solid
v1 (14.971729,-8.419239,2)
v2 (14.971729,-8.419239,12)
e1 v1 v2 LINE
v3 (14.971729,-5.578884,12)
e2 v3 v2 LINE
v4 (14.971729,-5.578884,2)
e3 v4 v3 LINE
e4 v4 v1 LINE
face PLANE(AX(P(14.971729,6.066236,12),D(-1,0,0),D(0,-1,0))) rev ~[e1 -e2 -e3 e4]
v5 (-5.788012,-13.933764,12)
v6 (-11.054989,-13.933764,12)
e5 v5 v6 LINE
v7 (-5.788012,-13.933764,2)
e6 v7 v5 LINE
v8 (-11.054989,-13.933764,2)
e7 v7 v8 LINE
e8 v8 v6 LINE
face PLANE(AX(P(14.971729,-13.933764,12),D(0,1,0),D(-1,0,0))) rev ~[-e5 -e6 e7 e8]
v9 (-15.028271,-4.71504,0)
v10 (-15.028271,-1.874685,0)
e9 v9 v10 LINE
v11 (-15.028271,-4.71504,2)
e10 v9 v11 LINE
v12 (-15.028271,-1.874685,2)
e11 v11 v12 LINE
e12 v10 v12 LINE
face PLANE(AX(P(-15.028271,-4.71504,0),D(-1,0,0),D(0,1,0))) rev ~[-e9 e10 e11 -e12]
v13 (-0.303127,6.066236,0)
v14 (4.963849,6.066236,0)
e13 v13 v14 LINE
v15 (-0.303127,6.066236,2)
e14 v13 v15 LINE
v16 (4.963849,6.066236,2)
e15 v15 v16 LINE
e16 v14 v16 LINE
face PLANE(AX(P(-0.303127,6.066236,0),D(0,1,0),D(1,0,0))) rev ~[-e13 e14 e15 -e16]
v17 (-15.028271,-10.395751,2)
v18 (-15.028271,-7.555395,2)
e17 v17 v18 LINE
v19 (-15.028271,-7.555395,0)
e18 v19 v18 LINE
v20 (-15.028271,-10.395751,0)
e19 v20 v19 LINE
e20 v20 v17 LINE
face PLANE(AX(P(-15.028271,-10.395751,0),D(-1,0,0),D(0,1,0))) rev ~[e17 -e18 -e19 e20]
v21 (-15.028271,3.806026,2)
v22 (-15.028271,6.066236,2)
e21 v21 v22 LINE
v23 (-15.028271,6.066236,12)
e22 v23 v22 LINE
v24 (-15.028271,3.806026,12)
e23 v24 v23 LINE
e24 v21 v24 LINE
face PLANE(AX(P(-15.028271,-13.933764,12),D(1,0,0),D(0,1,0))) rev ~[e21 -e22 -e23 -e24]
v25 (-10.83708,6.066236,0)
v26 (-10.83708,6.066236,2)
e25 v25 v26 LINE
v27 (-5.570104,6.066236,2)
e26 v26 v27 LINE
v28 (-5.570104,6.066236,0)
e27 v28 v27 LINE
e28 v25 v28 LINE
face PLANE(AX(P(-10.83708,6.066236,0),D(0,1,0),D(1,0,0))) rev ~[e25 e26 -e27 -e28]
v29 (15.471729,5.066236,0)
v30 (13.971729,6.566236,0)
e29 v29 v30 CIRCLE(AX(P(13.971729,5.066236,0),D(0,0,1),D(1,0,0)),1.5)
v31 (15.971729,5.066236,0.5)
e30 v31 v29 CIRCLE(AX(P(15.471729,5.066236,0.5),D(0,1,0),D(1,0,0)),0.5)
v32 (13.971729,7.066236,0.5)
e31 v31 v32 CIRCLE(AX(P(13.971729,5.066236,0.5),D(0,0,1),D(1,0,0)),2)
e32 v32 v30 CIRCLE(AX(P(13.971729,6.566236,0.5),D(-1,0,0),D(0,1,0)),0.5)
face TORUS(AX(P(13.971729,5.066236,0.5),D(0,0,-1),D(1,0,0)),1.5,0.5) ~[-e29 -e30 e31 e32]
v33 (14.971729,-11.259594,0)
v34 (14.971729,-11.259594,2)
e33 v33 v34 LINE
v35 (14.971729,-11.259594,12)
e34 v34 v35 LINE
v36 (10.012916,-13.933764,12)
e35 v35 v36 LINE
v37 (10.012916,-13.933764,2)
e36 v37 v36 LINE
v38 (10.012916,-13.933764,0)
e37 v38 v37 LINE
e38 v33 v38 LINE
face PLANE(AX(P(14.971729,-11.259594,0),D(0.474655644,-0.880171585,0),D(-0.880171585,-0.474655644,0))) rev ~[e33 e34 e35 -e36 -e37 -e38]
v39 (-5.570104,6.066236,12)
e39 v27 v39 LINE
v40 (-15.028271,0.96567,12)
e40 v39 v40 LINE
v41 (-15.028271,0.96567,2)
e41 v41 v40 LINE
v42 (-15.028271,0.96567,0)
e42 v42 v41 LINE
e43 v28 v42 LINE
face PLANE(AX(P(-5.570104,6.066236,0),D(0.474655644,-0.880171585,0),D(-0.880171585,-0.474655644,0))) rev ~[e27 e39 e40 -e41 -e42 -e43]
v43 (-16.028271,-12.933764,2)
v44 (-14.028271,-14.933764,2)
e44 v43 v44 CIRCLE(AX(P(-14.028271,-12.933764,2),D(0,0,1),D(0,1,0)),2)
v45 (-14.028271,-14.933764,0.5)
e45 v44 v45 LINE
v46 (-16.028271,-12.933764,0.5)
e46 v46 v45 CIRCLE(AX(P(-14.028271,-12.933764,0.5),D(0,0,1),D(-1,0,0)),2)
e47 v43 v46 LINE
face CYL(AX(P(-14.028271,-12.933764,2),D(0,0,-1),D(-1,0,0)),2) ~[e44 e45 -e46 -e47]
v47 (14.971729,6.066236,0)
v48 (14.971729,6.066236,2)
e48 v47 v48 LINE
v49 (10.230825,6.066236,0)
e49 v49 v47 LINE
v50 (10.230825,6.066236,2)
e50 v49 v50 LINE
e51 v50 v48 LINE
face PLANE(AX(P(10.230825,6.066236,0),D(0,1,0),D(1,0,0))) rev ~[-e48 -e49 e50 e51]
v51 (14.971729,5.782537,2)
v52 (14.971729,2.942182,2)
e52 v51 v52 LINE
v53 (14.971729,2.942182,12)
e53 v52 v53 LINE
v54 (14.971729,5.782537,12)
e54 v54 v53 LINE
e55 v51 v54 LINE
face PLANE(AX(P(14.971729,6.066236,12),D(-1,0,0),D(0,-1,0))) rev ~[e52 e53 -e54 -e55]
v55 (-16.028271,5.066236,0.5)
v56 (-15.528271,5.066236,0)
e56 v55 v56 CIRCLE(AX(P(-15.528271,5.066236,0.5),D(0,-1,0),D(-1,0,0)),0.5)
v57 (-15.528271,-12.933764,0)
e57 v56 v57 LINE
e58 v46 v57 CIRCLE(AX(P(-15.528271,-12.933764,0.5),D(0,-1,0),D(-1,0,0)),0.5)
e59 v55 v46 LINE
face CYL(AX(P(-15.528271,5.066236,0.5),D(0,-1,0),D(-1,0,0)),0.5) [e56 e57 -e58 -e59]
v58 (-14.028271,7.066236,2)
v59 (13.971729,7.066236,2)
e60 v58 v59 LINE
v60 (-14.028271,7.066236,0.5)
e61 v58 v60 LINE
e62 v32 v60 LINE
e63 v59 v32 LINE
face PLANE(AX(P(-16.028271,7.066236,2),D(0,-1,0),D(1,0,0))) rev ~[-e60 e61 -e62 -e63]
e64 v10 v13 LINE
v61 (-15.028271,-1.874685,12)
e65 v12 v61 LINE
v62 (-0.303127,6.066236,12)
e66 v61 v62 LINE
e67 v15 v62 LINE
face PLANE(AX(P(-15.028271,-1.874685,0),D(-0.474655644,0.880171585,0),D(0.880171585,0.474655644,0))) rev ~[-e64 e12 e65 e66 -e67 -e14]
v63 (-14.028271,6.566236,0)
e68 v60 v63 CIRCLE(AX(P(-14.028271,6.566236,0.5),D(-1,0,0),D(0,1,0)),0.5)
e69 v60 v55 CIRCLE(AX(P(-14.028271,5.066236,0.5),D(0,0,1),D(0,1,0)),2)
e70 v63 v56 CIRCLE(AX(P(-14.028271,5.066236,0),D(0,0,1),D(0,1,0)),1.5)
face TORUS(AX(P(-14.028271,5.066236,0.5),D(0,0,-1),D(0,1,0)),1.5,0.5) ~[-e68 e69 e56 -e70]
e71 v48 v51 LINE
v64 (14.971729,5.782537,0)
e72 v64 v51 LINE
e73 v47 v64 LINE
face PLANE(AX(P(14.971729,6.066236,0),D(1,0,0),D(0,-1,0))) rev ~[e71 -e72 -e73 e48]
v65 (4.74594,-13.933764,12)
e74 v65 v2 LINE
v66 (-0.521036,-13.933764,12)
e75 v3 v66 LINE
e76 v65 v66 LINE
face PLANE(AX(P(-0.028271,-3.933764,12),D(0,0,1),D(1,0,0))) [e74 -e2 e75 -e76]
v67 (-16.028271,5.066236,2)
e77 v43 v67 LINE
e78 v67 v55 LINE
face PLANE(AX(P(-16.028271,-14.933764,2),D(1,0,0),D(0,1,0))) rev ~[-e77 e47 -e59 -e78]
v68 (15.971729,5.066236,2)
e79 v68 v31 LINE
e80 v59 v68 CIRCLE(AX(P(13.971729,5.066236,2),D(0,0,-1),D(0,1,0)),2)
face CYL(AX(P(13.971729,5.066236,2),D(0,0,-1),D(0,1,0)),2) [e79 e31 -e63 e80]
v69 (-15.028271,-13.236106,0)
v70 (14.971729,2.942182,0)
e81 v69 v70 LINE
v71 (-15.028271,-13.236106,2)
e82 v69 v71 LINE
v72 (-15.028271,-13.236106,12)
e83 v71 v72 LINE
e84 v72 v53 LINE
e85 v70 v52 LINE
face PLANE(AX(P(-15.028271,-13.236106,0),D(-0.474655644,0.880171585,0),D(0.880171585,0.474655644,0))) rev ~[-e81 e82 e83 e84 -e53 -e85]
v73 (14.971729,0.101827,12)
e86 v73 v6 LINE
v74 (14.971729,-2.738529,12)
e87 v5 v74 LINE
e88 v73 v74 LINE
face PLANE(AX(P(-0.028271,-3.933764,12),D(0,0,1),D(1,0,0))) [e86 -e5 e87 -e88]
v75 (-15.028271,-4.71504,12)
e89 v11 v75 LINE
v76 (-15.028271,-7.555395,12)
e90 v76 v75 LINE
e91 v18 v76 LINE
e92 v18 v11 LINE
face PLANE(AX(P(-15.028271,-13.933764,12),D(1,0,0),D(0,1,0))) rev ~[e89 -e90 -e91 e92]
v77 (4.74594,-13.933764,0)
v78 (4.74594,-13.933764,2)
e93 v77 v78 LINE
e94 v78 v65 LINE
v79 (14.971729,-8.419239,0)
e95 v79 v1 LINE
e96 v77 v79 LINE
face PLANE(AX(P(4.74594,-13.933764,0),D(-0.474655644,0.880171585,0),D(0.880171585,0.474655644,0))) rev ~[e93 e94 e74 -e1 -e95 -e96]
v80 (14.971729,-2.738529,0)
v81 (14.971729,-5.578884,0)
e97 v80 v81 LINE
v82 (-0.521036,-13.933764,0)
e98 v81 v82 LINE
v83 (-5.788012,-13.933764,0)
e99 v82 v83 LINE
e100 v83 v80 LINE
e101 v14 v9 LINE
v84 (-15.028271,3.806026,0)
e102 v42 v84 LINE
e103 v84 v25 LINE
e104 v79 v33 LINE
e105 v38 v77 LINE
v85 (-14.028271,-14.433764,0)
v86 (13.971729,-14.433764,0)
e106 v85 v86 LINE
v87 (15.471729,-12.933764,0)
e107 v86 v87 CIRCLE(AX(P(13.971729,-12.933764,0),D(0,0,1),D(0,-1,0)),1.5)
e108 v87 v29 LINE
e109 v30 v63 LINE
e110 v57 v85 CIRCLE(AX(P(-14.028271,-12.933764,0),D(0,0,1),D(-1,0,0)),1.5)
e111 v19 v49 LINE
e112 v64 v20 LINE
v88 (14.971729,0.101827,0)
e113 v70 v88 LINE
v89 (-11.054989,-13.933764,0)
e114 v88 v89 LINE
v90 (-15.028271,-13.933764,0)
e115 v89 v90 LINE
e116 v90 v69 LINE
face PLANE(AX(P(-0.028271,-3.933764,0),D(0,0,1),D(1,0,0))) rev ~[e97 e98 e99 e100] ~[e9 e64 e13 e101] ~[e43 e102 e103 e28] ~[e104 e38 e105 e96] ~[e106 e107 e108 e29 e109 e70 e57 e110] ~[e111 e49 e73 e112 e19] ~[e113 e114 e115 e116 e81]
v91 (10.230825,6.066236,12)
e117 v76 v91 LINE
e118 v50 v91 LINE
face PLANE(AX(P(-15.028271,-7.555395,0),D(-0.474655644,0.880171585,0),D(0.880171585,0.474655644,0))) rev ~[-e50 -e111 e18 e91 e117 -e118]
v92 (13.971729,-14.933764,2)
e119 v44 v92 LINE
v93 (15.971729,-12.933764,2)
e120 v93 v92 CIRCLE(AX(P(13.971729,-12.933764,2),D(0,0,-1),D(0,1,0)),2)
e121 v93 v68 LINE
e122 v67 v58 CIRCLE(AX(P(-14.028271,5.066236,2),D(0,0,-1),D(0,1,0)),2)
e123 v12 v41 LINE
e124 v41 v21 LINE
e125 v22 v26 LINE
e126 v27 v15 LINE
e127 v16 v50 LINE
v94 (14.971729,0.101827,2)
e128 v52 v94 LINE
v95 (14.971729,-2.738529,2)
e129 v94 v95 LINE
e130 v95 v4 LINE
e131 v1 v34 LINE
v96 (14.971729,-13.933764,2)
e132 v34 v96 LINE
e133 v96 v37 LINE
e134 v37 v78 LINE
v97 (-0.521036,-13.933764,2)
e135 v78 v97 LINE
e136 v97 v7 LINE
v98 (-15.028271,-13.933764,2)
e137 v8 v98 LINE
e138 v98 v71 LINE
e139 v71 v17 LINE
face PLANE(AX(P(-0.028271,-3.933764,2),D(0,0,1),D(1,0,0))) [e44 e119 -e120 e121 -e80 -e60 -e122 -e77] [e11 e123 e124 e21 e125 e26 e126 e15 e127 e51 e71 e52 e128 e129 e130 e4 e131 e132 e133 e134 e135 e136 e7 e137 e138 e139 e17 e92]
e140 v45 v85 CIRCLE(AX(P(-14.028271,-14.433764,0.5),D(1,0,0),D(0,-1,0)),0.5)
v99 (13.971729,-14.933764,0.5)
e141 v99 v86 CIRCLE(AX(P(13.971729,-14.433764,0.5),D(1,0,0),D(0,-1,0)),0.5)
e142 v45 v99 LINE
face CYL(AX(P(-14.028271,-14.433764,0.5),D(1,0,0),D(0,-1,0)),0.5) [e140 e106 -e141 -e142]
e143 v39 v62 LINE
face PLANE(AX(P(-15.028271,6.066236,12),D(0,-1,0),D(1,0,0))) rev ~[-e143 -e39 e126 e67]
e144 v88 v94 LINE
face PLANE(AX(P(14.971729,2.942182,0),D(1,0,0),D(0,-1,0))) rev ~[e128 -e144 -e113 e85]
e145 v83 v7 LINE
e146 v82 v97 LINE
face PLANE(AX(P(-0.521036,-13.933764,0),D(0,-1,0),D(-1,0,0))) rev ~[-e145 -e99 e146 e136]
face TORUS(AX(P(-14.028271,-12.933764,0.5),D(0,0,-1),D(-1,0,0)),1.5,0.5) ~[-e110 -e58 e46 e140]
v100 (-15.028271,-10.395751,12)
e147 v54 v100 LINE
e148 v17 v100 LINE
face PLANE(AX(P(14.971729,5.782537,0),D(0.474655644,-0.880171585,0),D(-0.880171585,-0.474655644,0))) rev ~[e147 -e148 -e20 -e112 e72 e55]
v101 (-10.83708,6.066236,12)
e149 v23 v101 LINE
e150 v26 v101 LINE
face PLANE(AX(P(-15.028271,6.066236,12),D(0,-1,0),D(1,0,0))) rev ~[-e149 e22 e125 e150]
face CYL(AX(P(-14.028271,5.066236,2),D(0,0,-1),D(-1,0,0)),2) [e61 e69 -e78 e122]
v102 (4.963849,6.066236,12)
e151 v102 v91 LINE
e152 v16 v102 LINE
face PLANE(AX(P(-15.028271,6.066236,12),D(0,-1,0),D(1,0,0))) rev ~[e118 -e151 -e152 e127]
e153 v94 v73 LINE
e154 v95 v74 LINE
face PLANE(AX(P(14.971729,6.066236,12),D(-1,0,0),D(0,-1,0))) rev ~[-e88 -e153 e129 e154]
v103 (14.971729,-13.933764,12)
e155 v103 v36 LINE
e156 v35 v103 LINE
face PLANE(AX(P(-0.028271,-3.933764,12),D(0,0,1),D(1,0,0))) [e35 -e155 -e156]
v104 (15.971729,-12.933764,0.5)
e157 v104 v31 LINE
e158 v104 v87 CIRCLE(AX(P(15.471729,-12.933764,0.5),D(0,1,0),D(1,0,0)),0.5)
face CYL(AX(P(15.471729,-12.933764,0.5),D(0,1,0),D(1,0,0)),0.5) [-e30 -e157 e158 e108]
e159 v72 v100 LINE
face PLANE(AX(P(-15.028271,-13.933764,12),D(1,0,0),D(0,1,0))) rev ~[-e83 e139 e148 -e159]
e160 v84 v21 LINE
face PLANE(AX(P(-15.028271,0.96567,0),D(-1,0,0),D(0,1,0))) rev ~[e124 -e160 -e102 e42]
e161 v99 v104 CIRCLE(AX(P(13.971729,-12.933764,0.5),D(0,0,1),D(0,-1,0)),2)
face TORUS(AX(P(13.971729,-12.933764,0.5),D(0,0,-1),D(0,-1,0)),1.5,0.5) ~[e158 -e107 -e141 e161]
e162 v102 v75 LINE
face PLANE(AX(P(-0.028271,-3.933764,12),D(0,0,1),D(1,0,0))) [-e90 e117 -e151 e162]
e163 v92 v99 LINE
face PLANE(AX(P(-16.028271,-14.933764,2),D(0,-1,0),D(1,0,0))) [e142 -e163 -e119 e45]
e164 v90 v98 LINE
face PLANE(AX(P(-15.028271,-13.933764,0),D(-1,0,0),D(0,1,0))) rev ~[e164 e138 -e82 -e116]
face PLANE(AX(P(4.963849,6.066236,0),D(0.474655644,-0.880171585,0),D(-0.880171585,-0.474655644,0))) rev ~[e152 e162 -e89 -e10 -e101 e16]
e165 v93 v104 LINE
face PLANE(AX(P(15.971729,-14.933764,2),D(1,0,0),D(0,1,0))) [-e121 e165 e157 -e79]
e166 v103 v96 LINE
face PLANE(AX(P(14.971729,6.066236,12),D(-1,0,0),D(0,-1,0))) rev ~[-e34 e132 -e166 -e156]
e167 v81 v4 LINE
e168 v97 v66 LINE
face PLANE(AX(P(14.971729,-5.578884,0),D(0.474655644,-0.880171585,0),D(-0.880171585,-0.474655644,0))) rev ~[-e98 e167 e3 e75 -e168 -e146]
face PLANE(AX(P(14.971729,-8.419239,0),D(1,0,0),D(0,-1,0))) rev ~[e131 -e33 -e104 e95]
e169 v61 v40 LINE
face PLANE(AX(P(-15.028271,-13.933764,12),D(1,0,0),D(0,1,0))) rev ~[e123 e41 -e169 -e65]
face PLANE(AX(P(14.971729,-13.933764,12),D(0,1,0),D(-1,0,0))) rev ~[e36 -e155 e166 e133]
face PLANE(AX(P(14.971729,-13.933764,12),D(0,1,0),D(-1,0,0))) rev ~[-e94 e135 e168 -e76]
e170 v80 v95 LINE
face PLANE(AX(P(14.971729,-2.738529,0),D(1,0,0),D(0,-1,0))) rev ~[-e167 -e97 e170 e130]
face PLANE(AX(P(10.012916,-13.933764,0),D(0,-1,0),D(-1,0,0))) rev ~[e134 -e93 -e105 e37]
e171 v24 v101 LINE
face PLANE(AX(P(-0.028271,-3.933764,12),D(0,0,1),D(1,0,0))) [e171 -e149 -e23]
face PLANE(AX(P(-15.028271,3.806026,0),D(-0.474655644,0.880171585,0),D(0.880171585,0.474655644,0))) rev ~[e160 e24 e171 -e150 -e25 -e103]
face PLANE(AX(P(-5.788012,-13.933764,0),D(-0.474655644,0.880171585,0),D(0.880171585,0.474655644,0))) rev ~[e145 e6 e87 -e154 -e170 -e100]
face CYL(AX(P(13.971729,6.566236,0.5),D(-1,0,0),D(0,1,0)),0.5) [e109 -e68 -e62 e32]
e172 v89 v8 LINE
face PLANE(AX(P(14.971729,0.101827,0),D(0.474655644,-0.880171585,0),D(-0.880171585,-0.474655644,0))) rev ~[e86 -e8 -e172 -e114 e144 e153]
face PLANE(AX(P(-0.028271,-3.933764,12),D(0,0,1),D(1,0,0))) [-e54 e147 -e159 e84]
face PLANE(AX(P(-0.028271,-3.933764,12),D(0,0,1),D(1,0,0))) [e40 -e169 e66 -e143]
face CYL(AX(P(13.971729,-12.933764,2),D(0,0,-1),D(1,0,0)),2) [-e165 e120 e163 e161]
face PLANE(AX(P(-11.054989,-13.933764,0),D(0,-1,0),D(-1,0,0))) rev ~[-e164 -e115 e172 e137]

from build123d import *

# Parameters (mm, degrees)
SKETCH_1_W          = 35
SKETCH_1_H          = 25
EXTRUDE_1_DEPTH     = 12
CUT_EXTRUDE_1_DEPTH = 12
SKETCH_3_W          = 35
SKETCH_3_H          = 25
CUT_EXTRUDE_2_DEPTH = 10
FILLET_1_R          = 3
FILLET_2_R          = 0.5
SKETCH_4_W          = 32
SKETCH_4_H          = 22
CUT_EXTRUDE_3_DEPTH = 10
FILLET_3_R          = 2
FILLET_4_R          = 0.5


with BuildPart() as part:
    # 草图1 → 凸台-拉伸1 (new body)
    with BuildSketch(Plane.XY):
        with Locations((-0.028271405, -3.933764136)):
            Rectangle(SKETCH_1_W, SKETCH_1_H)
    extrude(amount=EXTRUDE_1_DEPTH)

    # 草图2 → 切除-拉伸1 (cut)
    with BuildSketch(Plane(origin=(0, 0, 0), x_dir=(-1, 0, 0), z_dir=(0, 0, -1))):
        Polygon((10.837079767, 6.066235864), (5.570103523, 6.066235864), (15.028271405, 0.96567043), (15.028271405, 3.806025698), align=None)
        Polygon((0.303127279, 6.066235864), (-4.963848965, 6.066235864), (15.028271405, -4.715040108), (15.028271405, -1.874684839), align=None)
        Polygon((-10.23082521, 6.066235864), (-14.971728595, 6.066235864), (-14.971728595, 5.782537258), (15.028271405, -10.395750645), (15.028271405, -7.555395376), align=None)
        Polygon((15.028271405, -13.236105913), (-14.971728595, 2.94218199), (-14.971728595, 0.101826721), (11.054988709, -13.933764136), (15.028271405, -13.933764136), align=None)
        Polygon((5.788012464, -13.933764136), (-14.971728595, -2.738528547), (-14.971728595, -5.578883816), (0.52103622, -13.933764136), align=None)
        Polygon((-4.745940024, -13.933764136), (-14.971728595, -8.419239085), (-14.971728595, -11.259594353), (-10.012916268, -13.933764136), align=None)
    extrude(amount=-CUT_EXTRUDE_1_DEPTH, mode=Mode.SUBTRACT)

    # 草图3 → 切除-拉伸2 (cut)
    with BuildSketch(Plane.XY.offset(12)):
        with Locations((-0.028271405, -3.933764136)):
            Rectangle(SKETCH_3_W, SKETCH_3_H)
        Polygon((10.23082521, 6.066235864), (14.971728595, 6.066235864), (14.971728595, 5.782537258), (14.971728595, 2.94218199), (14.971728595, 0.101826721), (14.971728595, -2.738528547), (14.971728595, -5.578883816), (14.971728595, -8.419239085), (14.971728595, -11.259594353), (14.971728595, -13.933764136), (10.012916268, -13.933764136), (4.745940024, -13.933764136), (-0.52103622, -13.933764136), (-5.788012464, -13.933764136), (-11.054988709, -13.933764136), (-15.028271405, -13.933764136), (-15.028271405, -13.236105913), (-15.028271405, -10.395750645), (-15.028271405, -7.555395376), (-15.028271405, -4.715040108), (-15.028271405, -1.874684839), (-15.028271405, 0.96567043), (-15.028271405, 3.806025698), (-15.028271405, 6.066235864), (-10.837079767, 6.066235864), (-5.570103523, 6.066235864), (-0.303127279, 6.066235864), (4.963848965, 6.066235864), align=None, mode=Mode.SUBTRACT)
    extrude(amount=-CUT_EXTRUDE_2_DEPTH, mode=Mode.SUBTRACT)

    # 圆角1
    fillet_1_edges = [part.edges().sort_by_distance(p)[0] for p in [
        (-17.528271405, 8.566235864, 1),
        (17.471728595, 8.566235864, 1),
        (17.471728595, -16.433764136, 1),
        (-17.528271405, -16.433764136, 1),
    ]]
    fillet(fillet_1_edges, radius=FILLET_1_R)

    # 圆角2
    fillet_2_edges = [part.edges().sort_by_distance(p)[0] for p in [
        (17.471728595, -3.933764136, 0),
        (-17.528271405, -3.933764136, 0),
        (-0.028271405, 8.566235864, 0),
        (-0.028271405, -16.433764136, 0),
        (16.593048938, 7.687556208, 0),
        (-16.649591749, 7.687556208, 0),
        (-16.649591749, -15.555084479, 0),
        (16.593048938, -15.555084479, 0),
    ]]
    fillet(fillet_2_edges, radius=FILLET_2_R)

    # 草图4 → 切除-拉伸3 (cut)
    with BuildSketch(Plane.XY.offset(2)):
        with BuildLine():
            ThreePointArc((-17.528271405, -13.433764136), (-16.649591749, -15.555084479), (-14.528271405, -16.433764136))
            Line((-14.528271405, -16.433764136), (14.471728595, -16.433764136))
            ThreePointArc((14.471728595, -16.433764136), (16.593048938, -15.555084479), (17.471728595, -13.433764136))
            Line((17.471728595, -13.433764136), (17.471728595, 5.566235864))
            ThreePointArc((17.471728595, 5.566235864), (16.593048938, 7.687556208), (14.471728595, 8.566235864))
            Line((14.471728595, 8.566235864), (-14.528271405, 8.566235864))
            ThreePointArc((-14.528271405, 8.566235864), (-16.649591749, 7.687556208), (-17.528271405, 5.566235864))
            Line((-17.528271405, 5.566235864), (-17.528271405, -13.433764136))
        make_face()
        with Locations((-0.028271405, -3.933764136)):
            Rectangle(SKETCH_4_W, SKETCH_4_H, mode=Mode.SUBTRACT)
    extrude(amount=-CUT_EXTRUDE_3_DEPTH, mode=Mode.SUBTRACT)

    # 圆角3
    fillet_3_edges = [part.edges().sort_by_distance(p)[0] for p in [
        (15.971728595, 7.066235864, 1),
        (-16.028271405, 7.066235864, 1),
        (-16.028271405, -14.933764136, 1),
        (15.971728595, -14.933764136, 1),
    ]]
    fillet(fillet_3_edges, radius=FILLET_3_R)

    # 圆角4
    fillet_4_edges = [part.edges().sort_by_distance(p)[0] for p in [
        (15.971728595, -3.933764136, 0),
        (-0.028271405, 7.066235864, 0),
        (-16.028271405, -3.933764136, 0),
        (-0.028271405, -14.933764136, 0),
        (15.385942157, -14.347977698, 0),
        (-15.442484968, -14.347977698, 0),
        (-15.442484968, 6.480449427, 0),
        (15.385942157, 6.480449427, 0),
    ]]
    fillet(fillet_4_edges, radius=FILLET_4_R)


solid = part.part
